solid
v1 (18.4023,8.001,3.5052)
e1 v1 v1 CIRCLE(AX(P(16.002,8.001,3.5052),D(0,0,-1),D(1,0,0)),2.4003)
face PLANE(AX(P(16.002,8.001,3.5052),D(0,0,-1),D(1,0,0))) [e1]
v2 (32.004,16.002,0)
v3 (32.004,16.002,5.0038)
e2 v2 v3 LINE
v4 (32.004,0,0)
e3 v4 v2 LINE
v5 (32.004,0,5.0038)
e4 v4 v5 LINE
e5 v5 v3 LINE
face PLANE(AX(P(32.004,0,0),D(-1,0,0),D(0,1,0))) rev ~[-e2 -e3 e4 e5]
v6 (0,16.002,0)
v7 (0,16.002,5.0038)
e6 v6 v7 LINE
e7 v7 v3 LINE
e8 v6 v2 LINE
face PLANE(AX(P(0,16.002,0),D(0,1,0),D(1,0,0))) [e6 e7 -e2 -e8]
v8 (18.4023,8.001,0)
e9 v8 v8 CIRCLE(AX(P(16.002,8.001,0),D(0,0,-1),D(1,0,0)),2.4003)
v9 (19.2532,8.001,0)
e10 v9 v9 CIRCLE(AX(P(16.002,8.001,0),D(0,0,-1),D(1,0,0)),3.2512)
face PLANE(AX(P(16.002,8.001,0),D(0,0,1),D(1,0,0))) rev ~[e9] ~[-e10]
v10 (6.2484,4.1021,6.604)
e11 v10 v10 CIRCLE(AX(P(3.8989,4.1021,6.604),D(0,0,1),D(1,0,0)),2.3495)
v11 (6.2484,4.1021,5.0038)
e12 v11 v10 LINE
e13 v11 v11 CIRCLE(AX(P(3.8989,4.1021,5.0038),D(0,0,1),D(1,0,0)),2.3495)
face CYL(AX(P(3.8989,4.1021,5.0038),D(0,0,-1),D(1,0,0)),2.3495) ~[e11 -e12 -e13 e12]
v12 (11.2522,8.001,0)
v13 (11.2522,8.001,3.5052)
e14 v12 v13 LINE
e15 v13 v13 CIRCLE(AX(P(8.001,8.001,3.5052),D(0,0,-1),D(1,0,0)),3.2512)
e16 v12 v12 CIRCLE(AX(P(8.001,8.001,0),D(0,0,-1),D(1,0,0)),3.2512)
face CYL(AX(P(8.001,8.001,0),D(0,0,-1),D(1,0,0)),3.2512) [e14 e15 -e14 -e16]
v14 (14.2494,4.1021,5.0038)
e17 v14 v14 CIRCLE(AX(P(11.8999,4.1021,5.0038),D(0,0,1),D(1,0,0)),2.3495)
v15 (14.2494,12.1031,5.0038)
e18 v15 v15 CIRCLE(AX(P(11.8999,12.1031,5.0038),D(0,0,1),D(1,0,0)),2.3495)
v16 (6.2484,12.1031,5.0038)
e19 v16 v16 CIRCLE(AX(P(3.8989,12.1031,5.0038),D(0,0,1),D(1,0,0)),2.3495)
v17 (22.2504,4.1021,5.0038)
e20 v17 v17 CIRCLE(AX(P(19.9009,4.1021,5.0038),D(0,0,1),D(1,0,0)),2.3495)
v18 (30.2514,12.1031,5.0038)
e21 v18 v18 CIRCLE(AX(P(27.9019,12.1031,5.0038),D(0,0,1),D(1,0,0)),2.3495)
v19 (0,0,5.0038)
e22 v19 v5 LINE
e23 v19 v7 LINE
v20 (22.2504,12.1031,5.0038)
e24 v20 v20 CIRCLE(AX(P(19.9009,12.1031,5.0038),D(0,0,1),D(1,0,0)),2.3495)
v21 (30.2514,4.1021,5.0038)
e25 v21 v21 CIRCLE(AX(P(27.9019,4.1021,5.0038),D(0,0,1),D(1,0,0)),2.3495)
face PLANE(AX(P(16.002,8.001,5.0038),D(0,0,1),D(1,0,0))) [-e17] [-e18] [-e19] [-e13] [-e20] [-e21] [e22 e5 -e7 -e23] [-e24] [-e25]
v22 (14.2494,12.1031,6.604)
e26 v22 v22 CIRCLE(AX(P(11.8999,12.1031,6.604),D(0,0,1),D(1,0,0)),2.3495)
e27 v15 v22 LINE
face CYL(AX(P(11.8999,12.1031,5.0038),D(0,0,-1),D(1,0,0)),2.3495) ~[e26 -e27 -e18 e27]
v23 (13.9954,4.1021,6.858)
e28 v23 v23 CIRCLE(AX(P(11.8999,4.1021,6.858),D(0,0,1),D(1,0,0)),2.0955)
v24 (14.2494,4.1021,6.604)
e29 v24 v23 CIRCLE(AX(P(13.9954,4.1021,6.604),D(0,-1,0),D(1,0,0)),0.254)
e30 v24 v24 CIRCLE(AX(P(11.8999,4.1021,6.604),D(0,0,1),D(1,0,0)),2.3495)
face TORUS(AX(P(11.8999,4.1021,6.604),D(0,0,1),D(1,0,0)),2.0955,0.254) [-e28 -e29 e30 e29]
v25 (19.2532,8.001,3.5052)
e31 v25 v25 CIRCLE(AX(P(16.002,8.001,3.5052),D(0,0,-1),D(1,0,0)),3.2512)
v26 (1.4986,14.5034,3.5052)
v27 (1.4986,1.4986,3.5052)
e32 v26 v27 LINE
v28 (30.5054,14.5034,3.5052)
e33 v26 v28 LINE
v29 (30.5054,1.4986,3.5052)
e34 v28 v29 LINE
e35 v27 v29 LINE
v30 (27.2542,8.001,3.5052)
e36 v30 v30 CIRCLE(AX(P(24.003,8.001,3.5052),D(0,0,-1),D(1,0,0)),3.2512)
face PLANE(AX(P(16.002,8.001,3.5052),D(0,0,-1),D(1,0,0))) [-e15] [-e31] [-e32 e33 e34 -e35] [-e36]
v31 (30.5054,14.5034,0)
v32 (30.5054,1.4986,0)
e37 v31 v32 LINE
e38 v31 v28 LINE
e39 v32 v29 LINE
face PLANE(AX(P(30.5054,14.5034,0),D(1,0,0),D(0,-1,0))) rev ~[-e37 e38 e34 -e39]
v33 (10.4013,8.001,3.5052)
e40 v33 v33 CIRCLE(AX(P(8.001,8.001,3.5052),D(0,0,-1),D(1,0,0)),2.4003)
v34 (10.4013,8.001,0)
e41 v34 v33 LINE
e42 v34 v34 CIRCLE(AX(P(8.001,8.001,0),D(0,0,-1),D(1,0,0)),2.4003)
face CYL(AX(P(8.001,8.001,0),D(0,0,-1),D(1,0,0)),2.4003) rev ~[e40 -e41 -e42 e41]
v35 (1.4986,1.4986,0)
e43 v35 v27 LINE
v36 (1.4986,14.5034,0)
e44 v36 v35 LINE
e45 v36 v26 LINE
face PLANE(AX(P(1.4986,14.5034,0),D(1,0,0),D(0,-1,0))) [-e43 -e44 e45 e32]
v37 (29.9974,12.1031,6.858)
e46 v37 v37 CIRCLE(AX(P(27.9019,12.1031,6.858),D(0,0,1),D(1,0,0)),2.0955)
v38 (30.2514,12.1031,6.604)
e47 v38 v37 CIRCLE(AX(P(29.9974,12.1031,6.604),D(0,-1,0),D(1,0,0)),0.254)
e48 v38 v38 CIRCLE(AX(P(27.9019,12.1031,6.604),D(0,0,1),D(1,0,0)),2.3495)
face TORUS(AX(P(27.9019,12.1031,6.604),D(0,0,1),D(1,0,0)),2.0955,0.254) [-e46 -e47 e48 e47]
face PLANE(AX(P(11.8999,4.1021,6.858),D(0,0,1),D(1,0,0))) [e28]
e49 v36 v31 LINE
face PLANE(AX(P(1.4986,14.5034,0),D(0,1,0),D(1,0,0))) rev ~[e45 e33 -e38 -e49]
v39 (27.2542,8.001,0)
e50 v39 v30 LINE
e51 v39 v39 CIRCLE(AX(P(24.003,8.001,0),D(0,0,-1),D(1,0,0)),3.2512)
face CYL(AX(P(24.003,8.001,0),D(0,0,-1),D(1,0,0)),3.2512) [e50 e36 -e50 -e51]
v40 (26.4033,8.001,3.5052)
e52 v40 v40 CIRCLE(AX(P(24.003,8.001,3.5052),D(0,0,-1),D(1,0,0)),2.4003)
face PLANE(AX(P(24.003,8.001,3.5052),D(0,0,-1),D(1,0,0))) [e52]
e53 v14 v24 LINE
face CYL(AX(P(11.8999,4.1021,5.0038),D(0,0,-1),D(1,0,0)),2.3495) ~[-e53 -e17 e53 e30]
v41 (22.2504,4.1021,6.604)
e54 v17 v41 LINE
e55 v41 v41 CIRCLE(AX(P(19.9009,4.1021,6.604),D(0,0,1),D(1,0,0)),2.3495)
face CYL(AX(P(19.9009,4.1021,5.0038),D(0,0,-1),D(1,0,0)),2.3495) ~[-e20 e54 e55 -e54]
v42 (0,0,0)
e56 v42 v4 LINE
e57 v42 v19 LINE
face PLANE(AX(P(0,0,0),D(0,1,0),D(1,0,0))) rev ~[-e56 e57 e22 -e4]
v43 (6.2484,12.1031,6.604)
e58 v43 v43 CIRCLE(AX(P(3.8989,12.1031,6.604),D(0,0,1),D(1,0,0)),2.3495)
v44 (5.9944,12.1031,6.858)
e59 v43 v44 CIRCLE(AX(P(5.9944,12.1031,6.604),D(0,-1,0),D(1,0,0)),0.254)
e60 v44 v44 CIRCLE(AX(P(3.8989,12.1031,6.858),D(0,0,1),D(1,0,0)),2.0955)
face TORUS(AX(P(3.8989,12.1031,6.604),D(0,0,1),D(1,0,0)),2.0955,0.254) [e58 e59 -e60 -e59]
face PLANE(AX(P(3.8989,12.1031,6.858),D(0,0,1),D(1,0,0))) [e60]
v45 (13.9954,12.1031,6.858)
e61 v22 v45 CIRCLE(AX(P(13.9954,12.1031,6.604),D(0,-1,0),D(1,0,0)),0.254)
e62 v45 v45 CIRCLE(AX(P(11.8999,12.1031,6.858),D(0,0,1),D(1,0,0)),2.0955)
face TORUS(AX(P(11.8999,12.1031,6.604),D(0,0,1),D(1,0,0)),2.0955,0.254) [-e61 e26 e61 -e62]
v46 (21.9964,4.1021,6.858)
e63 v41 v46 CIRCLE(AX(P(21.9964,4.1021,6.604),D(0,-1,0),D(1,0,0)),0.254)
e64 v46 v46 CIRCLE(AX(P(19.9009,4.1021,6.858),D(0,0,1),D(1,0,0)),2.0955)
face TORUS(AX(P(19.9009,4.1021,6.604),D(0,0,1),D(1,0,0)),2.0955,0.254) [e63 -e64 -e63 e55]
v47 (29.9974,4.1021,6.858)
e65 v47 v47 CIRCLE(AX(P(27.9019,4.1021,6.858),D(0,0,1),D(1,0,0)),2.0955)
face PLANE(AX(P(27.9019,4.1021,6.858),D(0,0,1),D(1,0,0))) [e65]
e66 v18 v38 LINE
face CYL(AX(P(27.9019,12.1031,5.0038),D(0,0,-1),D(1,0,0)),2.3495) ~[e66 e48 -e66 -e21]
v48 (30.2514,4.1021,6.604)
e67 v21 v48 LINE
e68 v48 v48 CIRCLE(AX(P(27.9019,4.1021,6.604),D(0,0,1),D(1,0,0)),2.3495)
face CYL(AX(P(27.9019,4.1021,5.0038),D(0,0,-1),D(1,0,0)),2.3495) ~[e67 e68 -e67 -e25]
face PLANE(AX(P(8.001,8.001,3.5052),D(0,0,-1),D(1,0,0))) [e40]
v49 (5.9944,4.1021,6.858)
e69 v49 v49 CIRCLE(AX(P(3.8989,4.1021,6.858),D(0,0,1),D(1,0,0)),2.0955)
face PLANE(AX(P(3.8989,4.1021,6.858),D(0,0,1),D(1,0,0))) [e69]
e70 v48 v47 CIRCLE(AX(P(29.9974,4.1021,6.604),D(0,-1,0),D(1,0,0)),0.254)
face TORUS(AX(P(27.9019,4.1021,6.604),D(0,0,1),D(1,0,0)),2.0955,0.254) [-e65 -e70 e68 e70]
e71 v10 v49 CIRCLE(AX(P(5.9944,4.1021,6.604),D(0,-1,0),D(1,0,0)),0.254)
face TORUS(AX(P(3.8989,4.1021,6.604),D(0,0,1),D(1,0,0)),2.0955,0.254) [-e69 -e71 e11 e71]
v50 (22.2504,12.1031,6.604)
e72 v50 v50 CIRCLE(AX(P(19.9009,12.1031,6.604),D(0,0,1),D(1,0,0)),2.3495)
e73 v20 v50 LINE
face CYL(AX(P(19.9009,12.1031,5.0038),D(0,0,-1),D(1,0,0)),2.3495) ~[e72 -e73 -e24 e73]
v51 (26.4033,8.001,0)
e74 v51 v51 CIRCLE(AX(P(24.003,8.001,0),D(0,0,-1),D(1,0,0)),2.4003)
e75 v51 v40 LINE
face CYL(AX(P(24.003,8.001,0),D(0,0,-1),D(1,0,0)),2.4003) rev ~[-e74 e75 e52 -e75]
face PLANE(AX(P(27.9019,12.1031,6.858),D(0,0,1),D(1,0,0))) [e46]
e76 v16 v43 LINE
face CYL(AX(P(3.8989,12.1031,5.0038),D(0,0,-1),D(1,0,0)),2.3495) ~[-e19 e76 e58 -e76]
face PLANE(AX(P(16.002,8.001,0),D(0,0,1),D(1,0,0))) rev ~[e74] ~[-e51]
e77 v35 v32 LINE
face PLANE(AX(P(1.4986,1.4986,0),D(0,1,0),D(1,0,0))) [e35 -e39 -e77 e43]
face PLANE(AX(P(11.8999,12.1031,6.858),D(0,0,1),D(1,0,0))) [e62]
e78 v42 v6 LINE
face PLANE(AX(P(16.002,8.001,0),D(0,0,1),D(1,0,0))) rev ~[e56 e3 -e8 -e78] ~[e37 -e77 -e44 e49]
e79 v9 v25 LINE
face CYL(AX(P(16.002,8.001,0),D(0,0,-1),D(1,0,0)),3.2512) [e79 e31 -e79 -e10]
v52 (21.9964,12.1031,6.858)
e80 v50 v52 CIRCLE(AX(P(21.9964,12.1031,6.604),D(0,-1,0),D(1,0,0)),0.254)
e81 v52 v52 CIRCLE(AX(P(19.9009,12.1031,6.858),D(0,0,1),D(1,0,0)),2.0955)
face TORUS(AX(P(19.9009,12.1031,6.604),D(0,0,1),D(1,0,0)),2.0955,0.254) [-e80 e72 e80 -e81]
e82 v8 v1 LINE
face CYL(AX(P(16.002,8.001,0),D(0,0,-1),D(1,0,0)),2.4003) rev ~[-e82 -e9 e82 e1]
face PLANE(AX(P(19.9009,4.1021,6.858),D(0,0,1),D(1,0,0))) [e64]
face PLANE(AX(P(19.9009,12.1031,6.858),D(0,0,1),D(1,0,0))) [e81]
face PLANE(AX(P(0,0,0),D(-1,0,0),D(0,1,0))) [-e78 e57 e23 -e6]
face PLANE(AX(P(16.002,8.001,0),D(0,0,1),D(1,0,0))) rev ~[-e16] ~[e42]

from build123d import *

# Parameters (mm, degrees)
F0_W     = 32.004
F0_H     = 16.002
F1_DEPTH = 5.0038
F2_R     = 2.3495
F3_DEPTH = 1.8542
F4_R     = 0.254
F5_W     = 29.0068
F5_H     = 13.0048
F5_R     = 3.2512
F5_R_2   = 2.4003
F6_DEPTH = 3.5052


with BuildPart() as f1:
    # F0 (on Top) → F1 (new body)
    with BuildSketch(Plane.XY):
        with Locations((16.002, 8.001)):
            Rectangle(F0_W, F0_H)
    extrude(amount=F1_DEPTH)

    # F2 (on face) → F3 (join)
    with BuildSketch(Plane.XY.offset(5.0038)):
        with Locations((3.8989, 4.1021)):
            Circle(F2_R)
        with Locations((11.8999, 4.1021)):
            Circle(F2_R)
        with Locations((19.9009, 4.1021)):
            Circle(F2_R)
        with Locations((27.9019, 4.1021)):
            Circle(F2_R)
        with Locations((19.9009, 12.1031)):
            Circle(F2_R)
        with Locations((11.8999, 12.1031)):
            Circle(F2_R)
        with Locations((3.8989, 12.1031)):
            Circle(F2_R)
        with Locations((27.9019, 12.1031)):
            Circle(F2_R)
    extrude(amount=F3_DEPTH)

    # F4
    f4_edges = [f1.edges().sort_by_distance(p)[0] for p in [
        (9.5504, 12.1031, 6.858),
        (17.5514, 12.1031, 6.858),
        (25.5524, 12.1031, 6.858),
        (25.5524, 4.1021, 6.858),
        (17.5514, 4.1021, 6.858),
        (9.5504, 4.1021, 6.858),
        (1.5494, 4.1021, 6.858),
        (1.5494, 12.1031, 6.858),
    ]]
    fillet(f4_edges, radius=F4_R)

    # F5 (on face) → F6 (cut)
    with BuildSketch(Plane(origin=(0, 0, 0), x_dir=(1, 0, 0), z_dir=(0, 0, -1))):
        with Locations((16.002, -8.001)):
            Rectangle(F5_W, F5_H)
        with Locations((8.001, -8.001)):
            Circle(F5_R, mode=Mode.SUBTRACT)
        with Locations((16.002, -8.001)):
            Circle(F5_R, mode=Mode.SUBTRACT)
        with Locations((24.003, -8.001)):
            Circle(F5_R, mode=Mode.SUBTRACT)
        with Locations((16.002, -8.001)):
            Circle(F5_R_2)
        with Locations((8.001, -8.001)):
            Circle(F5_R_2)
        with Locations((24.003, -8.001)):
            Circle(F5_R_2)
    extrude(amount=-F6_DEPTH, mode=Mode.SUBTRACT)


solid = f1.part
